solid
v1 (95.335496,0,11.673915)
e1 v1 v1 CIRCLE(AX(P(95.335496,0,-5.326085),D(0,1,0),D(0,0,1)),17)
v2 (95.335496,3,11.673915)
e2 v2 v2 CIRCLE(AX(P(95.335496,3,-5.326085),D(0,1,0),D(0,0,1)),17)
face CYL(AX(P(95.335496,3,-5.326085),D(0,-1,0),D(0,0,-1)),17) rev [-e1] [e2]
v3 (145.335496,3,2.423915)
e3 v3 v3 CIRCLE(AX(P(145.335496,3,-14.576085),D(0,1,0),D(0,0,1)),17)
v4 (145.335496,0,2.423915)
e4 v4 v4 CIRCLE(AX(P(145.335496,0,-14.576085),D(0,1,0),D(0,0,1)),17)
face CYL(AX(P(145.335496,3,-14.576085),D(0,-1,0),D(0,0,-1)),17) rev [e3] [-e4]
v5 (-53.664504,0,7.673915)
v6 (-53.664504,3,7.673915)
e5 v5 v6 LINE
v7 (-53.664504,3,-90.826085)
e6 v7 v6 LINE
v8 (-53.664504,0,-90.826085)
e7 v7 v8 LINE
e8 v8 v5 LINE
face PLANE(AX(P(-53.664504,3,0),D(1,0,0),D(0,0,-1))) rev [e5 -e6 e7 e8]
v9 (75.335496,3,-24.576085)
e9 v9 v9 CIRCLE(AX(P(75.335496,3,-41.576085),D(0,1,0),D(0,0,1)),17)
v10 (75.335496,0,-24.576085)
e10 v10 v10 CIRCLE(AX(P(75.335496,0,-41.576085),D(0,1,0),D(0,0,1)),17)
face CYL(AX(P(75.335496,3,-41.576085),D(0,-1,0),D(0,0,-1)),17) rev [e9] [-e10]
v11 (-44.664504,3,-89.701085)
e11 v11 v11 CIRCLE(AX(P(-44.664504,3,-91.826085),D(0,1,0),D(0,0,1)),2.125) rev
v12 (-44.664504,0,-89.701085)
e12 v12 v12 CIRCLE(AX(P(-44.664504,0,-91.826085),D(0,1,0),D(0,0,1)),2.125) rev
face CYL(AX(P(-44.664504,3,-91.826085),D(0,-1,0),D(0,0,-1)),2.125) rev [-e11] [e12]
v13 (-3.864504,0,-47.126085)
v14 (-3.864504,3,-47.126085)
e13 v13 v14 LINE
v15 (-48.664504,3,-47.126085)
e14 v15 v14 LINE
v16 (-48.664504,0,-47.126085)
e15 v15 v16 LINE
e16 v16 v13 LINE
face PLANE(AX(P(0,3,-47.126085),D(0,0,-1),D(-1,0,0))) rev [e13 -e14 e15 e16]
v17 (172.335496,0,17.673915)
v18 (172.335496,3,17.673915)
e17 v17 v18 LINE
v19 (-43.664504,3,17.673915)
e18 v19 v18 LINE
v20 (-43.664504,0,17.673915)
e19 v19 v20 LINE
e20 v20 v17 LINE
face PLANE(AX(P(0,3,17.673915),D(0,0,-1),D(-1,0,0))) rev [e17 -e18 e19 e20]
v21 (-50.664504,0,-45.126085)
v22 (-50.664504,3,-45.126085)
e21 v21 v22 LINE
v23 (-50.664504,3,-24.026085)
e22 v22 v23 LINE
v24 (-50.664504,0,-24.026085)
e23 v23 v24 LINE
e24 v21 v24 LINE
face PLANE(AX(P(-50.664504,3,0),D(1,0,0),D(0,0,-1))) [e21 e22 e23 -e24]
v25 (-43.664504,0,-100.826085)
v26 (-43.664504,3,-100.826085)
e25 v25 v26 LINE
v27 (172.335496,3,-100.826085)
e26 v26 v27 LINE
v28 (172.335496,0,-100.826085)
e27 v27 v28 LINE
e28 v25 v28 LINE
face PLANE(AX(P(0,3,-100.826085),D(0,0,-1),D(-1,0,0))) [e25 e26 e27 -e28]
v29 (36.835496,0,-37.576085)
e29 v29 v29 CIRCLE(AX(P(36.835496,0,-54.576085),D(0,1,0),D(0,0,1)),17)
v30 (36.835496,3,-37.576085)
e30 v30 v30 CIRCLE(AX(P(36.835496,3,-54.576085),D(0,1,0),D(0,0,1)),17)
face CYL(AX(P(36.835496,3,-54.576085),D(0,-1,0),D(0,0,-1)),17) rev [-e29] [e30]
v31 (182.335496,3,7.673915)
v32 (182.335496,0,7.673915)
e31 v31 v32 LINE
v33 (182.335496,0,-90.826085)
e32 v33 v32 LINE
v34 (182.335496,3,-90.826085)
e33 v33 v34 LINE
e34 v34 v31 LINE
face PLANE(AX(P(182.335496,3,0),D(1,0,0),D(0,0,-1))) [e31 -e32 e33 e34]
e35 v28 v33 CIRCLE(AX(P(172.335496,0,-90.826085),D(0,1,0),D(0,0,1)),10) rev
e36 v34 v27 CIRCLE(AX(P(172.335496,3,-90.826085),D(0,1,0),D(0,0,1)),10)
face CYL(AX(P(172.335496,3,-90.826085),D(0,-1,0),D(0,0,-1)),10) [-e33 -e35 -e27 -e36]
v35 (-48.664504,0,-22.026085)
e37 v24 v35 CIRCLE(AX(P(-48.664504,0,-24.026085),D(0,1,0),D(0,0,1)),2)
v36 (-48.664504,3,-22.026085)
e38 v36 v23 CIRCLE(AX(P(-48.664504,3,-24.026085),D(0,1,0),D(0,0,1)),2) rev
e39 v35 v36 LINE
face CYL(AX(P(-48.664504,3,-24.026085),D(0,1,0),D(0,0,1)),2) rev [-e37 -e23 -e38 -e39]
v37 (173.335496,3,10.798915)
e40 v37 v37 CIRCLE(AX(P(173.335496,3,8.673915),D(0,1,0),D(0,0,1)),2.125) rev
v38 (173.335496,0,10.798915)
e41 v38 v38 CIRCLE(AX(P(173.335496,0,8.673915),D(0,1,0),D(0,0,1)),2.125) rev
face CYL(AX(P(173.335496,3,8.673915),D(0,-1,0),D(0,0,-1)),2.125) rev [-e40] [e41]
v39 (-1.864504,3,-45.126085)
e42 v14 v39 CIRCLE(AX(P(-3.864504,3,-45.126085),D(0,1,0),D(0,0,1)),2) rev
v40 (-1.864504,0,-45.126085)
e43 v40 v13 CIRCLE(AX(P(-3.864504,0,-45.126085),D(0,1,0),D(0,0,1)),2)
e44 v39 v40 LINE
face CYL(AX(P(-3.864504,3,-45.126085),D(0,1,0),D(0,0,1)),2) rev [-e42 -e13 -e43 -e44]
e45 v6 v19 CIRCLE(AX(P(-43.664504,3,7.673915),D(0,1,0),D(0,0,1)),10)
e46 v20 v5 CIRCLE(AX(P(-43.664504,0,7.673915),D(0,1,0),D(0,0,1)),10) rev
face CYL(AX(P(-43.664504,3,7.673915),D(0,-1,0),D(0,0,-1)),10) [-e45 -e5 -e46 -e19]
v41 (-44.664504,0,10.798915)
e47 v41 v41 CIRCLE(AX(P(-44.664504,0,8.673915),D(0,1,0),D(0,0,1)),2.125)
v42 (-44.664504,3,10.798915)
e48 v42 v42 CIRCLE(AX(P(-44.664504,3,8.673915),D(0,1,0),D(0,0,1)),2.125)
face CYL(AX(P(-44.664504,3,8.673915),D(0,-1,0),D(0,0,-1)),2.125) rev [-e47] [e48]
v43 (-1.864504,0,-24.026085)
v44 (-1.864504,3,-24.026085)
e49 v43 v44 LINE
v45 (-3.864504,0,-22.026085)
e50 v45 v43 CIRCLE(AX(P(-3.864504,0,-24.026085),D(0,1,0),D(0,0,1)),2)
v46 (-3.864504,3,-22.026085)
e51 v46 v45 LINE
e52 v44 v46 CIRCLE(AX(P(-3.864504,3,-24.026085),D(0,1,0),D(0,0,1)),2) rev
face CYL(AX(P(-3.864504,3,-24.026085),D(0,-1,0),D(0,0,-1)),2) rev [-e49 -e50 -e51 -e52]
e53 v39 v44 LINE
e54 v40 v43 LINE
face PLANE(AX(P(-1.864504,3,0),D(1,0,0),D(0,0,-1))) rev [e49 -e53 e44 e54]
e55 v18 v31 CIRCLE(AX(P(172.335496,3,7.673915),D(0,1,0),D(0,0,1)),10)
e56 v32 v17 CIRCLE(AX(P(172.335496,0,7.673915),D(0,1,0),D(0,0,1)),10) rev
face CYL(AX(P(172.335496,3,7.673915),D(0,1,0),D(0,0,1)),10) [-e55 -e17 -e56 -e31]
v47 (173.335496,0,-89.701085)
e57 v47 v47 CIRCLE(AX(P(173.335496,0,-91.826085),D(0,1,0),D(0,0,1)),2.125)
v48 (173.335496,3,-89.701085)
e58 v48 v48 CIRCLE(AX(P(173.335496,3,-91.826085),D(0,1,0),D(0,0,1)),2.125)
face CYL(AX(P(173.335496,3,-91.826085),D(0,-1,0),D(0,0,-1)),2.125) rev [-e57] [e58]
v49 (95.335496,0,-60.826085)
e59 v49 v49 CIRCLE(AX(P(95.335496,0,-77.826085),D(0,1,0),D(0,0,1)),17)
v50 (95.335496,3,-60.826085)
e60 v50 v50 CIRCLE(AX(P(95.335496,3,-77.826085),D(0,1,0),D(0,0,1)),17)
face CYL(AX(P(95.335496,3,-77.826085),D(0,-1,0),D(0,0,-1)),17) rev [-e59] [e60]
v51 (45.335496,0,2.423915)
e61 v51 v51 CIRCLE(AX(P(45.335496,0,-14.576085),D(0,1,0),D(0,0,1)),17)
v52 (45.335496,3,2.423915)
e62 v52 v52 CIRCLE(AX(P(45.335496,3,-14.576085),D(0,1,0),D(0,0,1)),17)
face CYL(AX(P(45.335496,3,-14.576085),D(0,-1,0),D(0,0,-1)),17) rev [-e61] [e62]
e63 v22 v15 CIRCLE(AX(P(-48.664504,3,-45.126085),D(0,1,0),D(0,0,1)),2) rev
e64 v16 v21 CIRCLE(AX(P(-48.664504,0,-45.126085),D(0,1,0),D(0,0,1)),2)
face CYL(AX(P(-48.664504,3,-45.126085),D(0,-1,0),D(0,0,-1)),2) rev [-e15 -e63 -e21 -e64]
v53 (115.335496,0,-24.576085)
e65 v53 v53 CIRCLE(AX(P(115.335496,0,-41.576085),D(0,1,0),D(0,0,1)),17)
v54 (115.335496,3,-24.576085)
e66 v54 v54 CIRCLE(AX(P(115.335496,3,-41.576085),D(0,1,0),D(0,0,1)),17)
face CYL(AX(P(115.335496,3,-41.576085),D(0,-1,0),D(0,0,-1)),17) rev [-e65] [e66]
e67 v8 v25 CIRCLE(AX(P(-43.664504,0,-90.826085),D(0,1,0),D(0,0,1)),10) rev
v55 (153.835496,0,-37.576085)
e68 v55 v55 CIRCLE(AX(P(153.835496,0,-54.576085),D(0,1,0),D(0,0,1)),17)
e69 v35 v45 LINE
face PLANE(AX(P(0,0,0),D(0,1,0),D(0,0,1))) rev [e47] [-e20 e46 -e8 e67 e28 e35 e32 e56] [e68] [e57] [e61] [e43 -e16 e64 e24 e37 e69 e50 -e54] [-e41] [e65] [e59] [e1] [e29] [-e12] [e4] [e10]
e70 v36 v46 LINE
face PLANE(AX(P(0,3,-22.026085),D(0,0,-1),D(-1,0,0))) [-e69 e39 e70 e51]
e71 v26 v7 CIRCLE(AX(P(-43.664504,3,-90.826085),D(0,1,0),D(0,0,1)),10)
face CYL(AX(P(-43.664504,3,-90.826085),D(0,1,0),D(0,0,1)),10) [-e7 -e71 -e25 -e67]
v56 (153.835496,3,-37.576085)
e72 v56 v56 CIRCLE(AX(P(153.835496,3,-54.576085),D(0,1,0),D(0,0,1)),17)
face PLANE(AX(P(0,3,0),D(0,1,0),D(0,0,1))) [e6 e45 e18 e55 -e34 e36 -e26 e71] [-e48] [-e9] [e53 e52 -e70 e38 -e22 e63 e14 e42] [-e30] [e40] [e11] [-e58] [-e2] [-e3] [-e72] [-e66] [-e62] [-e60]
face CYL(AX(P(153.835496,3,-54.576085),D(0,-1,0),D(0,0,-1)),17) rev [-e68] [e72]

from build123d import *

# Parameters (mm, degrees)
SKETCH1_W           = 236
SKETCH1_H           = 118.5
SKETCH1_W_2         = 48.8
SKETCH1_H_2         = 25.1
SKETCH1_R           = 17
SKETCH1_R_2         = 2.125
BOSS_EXTRUDE1_DEPTH = 3
FILLET1_R           = 10
FILLET2_R           = 2


with BuildPart() as part:
    # Sketch1 → Boss-Extrude1 (new body)
    with BuildSketch(Plane(origin=(0, 0, 0), x_dir=(1, 0, 0), z_dir=(0, 1, 0))):
        with Locations((64.335496373, 41.57608502)):
            Rectangle(SKETCH1_W, SKETCH1_H)
        with Locations((-26.264503627, 34.57608502)):
            Rectangle(SKETCH1_W_2, SKETCH1_H_2, mode=Mode.SUBTRACT)
        with Locations(Location((75.335496373, 41.57608502, 0), (0, 0, 270))):
            Circle(SKETCH1_R, mode=Mode.SUBTRACT)
        with Locations(Location((115.335496373, 41.57608502, 0), (0, 0, 270))):
            Circle(SKETCH1_R, mode=Mode.SUBTRACT)
        with Locations(Location((153.835496373, 54.57608502, 0), (0, 0, 270))):
            Circle(SKETCH1_R, mode=Mode.SUBTRACT)
        with Locations(Location((95.335496373, 77.82608502, 0), (0, 0, 270))):
            Circle(SKETCH1_R, mode=Mode.SUBTRACT)
        with Locations(Location((173.335496373, 91.82608502, 0), (0, 0, 270))):
            Circle(SKETCH1_R_2, mode=Mode.SUBTRACT)
        with Locations(Location((-44.664503627, -8.67391498, 0), (0, 0, 270))):
            Circle(SKETCH1_R_2, mode=Mode.SUBTRACT)
        with Locations(Location((45.335496373, 14.57608502, 0), (0, 0, 270))):
            Circle(SKETCH1_R, mode=Mode.SUBTRACT)
        with Locations(Location((95.335496373, 5.32608502, 0), (0, 0, 270))):
            Circle(SKETCH1_R, mode=Mode.SUBTRACT)
        with Locations(Location((173.335496373, -8.67391498, 0), (0, 0, 270))):
            Circle(SKETCH1_R_2, mode=Mode.SUBTRACT)
        with Locations(Location((145.335496373, 14.57608502, 0), (0, 0, 270))):
            Circle(SKETCH1_R, mode=Mode.SUBTRACT)
        with Locations(Location((36.835496373, 54.57608502, 0), (0, 0, 270))):
            Circle(SKETCH1_R, mode=Mode.SUBTRACT)
        with Locations(Location((-44.664503627, 91.82608502, 0), (0, 0, 270))):
            Circle(SKETCH1_R_2, mode=Mode.SUBTRACT)
    extrude(amount=BOSS_EXTRUDE1_DEPTH)

    # Fillet1
    fillet1_edges = [part.edges().sort_by_distance(p)[0] for p in [
        (182.335496373, 1.5, -100.82608502),
        (182.335496373, 1.5, 17.67391498),
        (-53.664503627, 1.5, 17.67391498),
        (-53.664503627, 1.5, -100.82608502),
    ]]
    fillet(fillet1_edges, radius=FILLET1_R)

    # Fillet2
    fillet2_edges = [part.edges().sort_by_distance(p)[0] for p in [
        (-50.664503627, 1.5, -22.02608502),
        (-1.864503627, 1.5, -22.02608502),
        (-1.864503627, 1.5, -47.12608502),
        (-50.664503627, 1.5, -47.12608502),
    ]]
    fillet(fillet2_edges, radius=FILLET2_R)


solid = part.part
